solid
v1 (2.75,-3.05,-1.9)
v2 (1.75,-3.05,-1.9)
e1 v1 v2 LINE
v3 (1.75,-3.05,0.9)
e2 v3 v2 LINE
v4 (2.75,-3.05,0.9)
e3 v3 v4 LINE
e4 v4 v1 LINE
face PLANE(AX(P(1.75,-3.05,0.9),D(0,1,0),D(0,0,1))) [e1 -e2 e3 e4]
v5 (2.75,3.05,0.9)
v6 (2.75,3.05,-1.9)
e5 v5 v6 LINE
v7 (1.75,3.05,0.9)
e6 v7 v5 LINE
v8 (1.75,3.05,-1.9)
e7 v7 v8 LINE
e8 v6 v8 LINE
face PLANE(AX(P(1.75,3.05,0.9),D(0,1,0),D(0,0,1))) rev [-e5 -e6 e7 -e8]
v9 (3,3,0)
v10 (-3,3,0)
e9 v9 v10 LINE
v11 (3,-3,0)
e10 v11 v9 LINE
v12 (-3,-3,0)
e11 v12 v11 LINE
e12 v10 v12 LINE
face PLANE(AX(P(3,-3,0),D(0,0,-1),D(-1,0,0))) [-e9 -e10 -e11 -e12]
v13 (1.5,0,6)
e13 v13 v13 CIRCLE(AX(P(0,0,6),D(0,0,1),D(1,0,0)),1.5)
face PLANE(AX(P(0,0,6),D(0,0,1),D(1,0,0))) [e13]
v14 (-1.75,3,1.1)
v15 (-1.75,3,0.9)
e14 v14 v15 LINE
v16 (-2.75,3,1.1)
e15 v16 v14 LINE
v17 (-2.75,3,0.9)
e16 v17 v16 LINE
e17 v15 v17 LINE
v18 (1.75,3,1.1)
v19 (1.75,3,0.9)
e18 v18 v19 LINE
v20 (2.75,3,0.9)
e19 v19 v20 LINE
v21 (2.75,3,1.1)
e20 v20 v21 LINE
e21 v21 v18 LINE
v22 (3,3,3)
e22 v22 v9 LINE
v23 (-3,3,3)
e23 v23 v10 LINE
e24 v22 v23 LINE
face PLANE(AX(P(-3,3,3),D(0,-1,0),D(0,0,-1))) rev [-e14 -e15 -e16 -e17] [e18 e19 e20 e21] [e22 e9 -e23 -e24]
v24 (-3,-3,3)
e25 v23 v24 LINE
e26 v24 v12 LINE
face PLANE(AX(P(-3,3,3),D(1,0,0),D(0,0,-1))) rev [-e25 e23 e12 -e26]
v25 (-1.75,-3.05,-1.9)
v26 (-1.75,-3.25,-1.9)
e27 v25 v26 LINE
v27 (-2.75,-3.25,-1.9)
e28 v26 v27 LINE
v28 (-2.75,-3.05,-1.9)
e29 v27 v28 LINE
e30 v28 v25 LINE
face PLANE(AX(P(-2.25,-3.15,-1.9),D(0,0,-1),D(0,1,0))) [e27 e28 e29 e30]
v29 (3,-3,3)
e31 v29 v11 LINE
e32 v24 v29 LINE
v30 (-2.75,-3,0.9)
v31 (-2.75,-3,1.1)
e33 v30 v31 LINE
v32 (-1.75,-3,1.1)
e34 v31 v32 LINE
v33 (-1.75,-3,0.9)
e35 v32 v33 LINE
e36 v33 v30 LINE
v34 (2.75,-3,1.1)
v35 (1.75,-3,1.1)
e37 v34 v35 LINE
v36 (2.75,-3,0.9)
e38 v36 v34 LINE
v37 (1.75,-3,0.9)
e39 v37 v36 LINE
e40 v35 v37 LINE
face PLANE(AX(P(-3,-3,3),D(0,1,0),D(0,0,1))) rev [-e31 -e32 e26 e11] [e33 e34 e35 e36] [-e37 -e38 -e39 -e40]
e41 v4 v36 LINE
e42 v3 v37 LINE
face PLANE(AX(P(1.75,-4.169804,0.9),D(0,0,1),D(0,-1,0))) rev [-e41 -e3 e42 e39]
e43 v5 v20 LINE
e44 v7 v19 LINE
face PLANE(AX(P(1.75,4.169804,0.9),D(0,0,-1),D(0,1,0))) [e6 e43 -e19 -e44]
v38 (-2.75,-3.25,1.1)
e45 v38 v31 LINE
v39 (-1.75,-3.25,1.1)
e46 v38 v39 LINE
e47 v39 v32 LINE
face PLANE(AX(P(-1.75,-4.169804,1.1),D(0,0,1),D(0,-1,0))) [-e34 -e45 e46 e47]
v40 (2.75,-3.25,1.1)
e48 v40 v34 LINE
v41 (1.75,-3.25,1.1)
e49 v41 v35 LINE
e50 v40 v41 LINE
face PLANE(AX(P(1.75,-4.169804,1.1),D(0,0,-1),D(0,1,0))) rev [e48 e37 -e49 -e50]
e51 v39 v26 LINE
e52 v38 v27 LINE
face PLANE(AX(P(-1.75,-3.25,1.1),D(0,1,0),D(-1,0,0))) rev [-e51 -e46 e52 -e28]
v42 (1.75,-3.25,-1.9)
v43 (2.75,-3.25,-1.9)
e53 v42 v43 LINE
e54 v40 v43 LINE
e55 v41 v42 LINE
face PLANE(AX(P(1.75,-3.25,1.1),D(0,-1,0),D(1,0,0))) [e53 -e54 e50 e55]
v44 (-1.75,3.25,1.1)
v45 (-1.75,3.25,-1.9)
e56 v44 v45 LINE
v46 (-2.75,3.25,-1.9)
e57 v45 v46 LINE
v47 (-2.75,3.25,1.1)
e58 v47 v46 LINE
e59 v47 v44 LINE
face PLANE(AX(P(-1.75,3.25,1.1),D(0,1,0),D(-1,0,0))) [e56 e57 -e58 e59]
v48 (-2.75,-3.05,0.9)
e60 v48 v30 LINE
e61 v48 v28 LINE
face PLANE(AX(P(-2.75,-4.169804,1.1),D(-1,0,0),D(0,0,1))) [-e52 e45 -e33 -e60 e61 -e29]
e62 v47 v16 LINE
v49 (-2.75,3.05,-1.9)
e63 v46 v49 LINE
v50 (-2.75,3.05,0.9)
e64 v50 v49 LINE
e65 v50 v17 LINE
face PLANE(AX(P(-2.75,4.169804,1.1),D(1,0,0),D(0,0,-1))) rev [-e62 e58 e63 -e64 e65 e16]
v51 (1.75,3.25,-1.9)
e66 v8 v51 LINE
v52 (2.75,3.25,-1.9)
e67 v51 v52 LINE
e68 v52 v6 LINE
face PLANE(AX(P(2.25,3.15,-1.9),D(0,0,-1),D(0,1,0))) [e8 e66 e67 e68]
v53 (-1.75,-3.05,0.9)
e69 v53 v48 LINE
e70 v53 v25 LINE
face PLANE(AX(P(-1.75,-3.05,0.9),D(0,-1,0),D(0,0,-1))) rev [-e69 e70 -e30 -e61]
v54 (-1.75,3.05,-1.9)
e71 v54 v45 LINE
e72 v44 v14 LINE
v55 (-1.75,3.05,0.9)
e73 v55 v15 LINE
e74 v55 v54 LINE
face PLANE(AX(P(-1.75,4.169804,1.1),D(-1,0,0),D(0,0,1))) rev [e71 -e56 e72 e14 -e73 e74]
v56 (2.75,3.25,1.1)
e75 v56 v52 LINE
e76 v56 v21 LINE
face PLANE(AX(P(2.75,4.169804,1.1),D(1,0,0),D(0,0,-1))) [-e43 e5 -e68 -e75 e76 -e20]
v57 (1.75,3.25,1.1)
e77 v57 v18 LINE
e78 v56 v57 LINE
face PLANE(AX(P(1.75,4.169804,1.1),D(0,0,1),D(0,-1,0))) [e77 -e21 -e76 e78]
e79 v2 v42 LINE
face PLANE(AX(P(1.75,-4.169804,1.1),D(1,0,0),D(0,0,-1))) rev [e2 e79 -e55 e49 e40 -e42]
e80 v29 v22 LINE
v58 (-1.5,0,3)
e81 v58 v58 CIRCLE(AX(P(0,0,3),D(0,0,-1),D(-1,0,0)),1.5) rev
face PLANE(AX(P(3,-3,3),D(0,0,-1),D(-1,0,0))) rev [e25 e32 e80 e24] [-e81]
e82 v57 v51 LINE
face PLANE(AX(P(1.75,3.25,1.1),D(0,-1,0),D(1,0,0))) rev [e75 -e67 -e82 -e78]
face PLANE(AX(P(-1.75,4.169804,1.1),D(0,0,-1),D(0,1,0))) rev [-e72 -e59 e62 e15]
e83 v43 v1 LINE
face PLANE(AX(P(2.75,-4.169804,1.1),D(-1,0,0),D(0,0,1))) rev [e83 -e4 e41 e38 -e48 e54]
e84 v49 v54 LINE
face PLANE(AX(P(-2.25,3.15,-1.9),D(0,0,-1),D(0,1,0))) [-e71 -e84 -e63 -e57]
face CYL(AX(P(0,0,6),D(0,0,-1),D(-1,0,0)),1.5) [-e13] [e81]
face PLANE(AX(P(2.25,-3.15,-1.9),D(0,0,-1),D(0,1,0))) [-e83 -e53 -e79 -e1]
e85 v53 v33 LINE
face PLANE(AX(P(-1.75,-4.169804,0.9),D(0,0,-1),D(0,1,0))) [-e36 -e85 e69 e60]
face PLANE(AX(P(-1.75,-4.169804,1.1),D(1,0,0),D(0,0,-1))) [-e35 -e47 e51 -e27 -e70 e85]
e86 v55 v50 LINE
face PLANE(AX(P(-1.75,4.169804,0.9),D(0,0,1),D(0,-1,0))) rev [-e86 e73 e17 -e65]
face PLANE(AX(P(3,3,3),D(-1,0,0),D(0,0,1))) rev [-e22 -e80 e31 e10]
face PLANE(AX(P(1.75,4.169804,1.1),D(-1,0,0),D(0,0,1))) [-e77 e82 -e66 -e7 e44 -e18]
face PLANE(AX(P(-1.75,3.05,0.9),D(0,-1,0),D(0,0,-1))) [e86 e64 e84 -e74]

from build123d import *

# Parameters (mm, degrees)
SKETCH_1_W               = 6
SKETCH_1_H               = 6
EXTRUDE_1_DEPTH          = 3
SKETCH_2_R               = 1.5
EXTRUDE_2_DEPTH          = 3
SKETCH_4_W               = 1
SKETCH_4_H               = 0.2
MIRROR_2_COPY_1_SKETCH_W = 1
MIRROR_2_COPY_1_SKETCH_H = 0.2


with BuildPart() as part:
    # 草图1 → 凸台-拉伸1 (new body)
    with BuildSketch(Plane.XY):
        Rectangle(SKETCH_1_W, SKETCH_1_H)
    extrude(amount=EXTRUDE_1_DEPTH)

    # 草图2 → 凸台-拉伸2 (add)
    with BuildSketch(Plane.XY.offset(3)):
        with Locations(Location((0, 0, 0), (0, 0, 180))):
            Circle(SKETCH_2_R)
    extrude(amount=EXTRUDE_2_DEPTH)

    # 扫描3: sweep along a path in 草图6
    with BuildLine(Plane(origin=(2.25, 0, 0), x_dir=(0, 0, -1), z_dir=(1, 0, 0))) as sweep_3_path:
        Line((-1.1, -3), (-1.1, -3.25))
        Line((-1.1, -3.25), (1.9, -3.25))
    # 草图4 → 扫描3 (sweep)
    with BuildSketch(Plane.XZ.offset(3)):
        with Locations((2.25, 1)):
            Rectangle(SKETCH_4_W, SKETCH_4_H)
    sweep_3 = sweep(path=sweep_3_path.line, transition=Transition.RIGHT)

    # 镜向1: 扫描3 across plane
    add(sweep_3.mirror(Plane(origin=(0, 0, 0), x_dir=(0, 0, 1), z_dir=(1, 0, 0))))

    # 镜向2: 扫描3 across plane
    add(sweep_3.mirror(Plane.ZX))

    # 镜向2 copy 1: sweep along a path in 镜向2 copy 1 path
    with BuildLine(Plane(origin=(-2.25, 0, 0), x_dir=(0, 0, -1), z_dir=(-1, 0, 0))) as mirror_2_copy_1_path:
        Line((-1.1, -3), (-1.1, -3.25))
        Line((-1.1, -3.25), (1.9, -3.25))
    # 镜向2 copy 1 sketch → 镜向2 copy 1 (sweep)
    with BuildSketch(Plane(origin=(0, 3, 0), x_dir=(-1, 0, 0), z_dir=(0, 1, 0))):
        with Locations((2.25, 1)):
            Rectangle(MIRROR_2_COPY_1_SKETCH_W, MIRROR_2_COPY_1_SKETCH_H)
    sweep(path=mirror_2_copy_1_path.line, transition=Transition.RIGHT)


solid = part.part
